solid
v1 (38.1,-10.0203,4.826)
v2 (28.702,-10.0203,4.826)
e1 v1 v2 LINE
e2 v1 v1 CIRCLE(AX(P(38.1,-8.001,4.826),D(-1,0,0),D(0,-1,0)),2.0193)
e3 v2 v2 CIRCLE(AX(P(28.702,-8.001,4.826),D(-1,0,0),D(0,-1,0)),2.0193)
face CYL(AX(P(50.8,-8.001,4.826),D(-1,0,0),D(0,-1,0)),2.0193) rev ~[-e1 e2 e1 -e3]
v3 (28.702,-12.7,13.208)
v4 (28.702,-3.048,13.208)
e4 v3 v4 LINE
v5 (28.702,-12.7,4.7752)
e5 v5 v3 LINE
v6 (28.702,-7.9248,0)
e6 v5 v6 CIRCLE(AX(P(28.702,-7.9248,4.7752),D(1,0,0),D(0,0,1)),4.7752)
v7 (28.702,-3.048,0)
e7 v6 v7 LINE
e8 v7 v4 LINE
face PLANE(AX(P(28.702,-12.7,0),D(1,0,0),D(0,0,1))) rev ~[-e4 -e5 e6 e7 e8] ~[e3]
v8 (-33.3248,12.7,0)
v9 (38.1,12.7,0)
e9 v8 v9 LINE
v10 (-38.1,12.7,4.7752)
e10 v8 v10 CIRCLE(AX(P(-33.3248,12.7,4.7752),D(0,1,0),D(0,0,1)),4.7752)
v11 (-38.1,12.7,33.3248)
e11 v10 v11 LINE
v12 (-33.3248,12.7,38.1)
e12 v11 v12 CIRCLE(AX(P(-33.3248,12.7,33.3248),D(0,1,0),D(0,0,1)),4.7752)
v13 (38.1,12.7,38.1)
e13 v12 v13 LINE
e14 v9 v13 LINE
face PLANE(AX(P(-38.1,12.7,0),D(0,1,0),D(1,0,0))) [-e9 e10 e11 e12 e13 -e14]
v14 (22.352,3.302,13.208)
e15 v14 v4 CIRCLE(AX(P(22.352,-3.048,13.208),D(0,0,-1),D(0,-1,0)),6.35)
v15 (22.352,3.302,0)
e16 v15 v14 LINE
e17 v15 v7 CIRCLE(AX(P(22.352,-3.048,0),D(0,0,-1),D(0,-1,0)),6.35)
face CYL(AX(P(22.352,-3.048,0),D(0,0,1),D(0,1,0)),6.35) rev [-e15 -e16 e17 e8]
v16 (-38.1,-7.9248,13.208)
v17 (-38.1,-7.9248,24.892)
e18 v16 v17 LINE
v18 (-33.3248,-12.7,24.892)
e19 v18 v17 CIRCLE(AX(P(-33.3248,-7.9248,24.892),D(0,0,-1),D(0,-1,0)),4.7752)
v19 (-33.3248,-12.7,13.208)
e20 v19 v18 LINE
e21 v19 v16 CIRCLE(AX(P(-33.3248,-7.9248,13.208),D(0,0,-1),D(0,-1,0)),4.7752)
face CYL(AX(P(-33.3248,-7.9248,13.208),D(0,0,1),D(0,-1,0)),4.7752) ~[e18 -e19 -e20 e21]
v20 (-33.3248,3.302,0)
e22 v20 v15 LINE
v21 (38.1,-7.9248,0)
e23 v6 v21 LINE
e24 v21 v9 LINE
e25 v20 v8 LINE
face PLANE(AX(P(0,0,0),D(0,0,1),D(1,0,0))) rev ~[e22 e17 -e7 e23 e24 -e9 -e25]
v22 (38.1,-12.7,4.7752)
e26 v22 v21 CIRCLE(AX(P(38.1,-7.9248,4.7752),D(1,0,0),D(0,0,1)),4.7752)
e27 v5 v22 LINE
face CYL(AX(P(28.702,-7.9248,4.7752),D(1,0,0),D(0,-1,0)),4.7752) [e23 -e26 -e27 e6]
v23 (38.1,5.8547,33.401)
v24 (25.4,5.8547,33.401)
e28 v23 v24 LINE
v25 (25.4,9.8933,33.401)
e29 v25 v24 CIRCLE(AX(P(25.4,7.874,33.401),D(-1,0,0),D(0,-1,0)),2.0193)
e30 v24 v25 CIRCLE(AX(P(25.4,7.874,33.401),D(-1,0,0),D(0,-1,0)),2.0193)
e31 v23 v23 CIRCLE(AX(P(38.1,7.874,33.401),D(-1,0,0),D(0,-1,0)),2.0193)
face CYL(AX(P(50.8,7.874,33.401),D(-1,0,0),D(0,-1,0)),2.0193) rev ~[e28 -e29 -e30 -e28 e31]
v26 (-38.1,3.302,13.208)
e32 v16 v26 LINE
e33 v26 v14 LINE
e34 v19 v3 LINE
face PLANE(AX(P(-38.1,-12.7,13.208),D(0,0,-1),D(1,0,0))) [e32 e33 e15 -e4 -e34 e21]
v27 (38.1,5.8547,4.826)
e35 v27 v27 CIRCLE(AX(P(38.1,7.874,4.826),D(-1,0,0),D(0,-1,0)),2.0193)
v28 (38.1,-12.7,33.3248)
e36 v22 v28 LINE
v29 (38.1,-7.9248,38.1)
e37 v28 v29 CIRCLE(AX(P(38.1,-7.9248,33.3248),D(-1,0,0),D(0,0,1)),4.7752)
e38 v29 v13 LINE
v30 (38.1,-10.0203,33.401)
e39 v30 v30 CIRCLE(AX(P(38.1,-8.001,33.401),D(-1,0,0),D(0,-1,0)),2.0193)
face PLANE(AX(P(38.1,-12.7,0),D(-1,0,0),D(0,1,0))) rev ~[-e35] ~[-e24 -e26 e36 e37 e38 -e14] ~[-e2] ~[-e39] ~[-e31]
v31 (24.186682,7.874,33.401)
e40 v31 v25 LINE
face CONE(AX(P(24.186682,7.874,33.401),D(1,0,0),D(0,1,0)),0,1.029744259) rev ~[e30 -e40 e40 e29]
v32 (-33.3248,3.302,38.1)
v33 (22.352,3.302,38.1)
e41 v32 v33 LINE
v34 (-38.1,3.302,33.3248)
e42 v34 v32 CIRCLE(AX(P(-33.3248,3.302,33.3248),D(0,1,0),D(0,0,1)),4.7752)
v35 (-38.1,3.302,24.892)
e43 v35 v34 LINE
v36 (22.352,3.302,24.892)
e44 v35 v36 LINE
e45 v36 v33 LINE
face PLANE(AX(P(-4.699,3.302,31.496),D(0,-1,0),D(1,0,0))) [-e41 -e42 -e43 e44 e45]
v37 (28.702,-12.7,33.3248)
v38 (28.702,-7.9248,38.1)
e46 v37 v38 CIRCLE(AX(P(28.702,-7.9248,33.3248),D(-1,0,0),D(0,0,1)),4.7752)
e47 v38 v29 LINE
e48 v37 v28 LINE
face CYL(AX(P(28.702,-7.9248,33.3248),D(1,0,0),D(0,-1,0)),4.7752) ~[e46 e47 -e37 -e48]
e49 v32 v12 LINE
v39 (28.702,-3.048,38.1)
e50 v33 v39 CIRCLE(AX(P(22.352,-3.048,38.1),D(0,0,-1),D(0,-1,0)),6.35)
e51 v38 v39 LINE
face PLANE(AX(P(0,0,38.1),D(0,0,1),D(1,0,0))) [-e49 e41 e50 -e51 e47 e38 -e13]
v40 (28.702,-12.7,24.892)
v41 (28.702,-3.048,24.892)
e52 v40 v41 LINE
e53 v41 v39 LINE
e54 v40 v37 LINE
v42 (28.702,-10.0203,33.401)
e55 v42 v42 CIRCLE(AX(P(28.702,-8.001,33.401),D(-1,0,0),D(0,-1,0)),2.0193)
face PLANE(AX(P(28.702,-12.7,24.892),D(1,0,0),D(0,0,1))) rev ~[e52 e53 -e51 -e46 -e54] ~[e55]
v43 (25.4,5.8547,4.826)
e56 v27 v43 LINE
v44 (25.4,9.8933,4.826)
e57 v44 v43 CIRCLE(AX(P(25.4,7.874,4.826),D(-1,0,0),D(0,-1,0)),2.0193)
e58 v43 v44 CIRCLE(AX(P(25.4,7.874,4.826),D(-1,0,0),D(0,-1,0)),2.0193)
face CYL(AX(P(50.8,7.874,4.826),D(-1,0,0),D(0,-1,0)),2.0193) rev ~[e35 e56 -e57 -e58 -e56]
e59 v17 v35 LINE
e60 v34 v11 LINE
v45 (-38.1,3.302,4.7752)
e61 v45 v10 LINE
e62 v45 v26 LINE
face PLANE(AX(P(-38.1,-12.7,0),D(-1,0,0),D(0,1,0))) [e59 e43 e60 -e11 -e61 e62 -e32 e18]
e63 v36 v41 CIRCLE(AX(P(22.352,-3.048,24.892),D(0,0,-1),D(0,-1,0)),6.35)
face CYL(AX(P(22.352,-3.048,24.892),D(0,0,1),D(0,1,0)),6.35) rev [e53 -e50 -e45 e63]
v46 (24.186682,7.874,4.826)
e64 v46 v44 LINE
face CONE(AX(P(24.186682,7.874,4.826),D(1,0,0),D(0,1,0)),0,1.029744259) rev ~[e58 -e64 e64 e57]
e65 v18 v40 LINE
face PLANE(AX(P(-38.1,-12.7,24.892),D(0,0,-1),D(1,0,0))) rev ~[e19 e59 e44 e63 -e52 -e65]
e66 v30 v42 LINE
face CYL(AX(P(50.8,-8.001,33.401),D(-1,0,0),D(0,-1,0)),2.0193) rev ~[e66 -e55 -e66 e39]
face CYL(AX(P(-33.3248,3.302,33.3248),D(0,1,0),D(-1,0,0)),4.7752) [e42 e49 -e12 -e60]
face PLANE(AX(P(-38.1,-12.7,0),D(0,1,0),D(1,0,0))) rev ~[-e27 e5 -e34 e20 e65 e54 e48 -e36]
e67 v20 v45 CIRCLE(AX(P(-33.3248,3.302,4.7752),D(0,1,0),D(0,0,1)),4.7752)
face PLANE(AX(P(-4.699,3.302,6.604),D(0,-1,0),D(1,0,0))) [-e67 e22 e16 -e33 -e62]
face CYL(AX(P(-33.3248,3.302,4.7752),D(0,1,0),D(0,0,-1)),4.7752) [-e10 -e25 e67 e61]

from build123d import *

# Parameters (mm, degrees)
F0_W     = 76.2
F0_H     = 25.4
F1_DEPTH = 38.1
F2_W     = 66.802
F2_H     = 13.208
F3_DEPTH = 16.002
F4_R     = 6.35
F5_R     = 4.7752
F6_R     = 4.7752
F8_D     = 4.0386
F8_DEPTH = 12.7
F8_TIP   = 1.213317848


with BuildPart() as f1:
    # F0 (on Top) → F1 (new body)
    with BuildSketch(Plane.XY):
        Rectangle(F0_W, F0_H)
    extrude(amount=F1_DEPTH)

    # F2 (on face) → F3 (cut)
    with BuildSketch(Plane.XZ.offset(12.7)):
        with Locations((-4.699, 31.496)):
            Rectangle(F2_W, F2_H)
        with Locations((-4.699, 6.604)):
            Rectangle(F2_W, F2_H)
    extrude(amount=-F3_DEPTH, mode=Mode.SUBTRACT)

    # F4
    f4_edges = [f1.edges().sort_by_distance(p)[0] for p in [
        (28.702, 3.302, 6.604),
        (28.702, 3.302, 31.496),
    ]]
    fillet(f4_edges, radius=F4_R)

    # F5
    f5_edges = [f1.edges().sort_by_distance(p)[0] for p in [
        (33.401, -12.7, 38.1),
        (33.401, -12.7, 0),
    ]]
    fillet(f5_edges, radius=F5_R)

    # F6
    f6_edges = [f1.edges().sort_by_distance(p)[0] for p in [
        (-38.1, -12.7, 19.05),
        (-38.1, 8.001, 38.1),
        (-38.1, 8.001, 0),
    ]]
    fillet(f6_edges, radius=F6_R)

    # F8
    with Locations(Plane.YZ.offset(38.1)):
        with Locations((-8.001, 4.826), (-8.001, 33.401), (7.874, 33.401), (7.874, 4.826)):
            Hole(F8_D / 2, depth=F8_DEPTH)
            with Locations((0, 0, -(F8_DEPTH + F8_TIP / 2))):  # 118° drill point
                Cone(0, F8_D / 2, F8_TIP, mode=Mode.SUBTRACT)


solid = f1.part
